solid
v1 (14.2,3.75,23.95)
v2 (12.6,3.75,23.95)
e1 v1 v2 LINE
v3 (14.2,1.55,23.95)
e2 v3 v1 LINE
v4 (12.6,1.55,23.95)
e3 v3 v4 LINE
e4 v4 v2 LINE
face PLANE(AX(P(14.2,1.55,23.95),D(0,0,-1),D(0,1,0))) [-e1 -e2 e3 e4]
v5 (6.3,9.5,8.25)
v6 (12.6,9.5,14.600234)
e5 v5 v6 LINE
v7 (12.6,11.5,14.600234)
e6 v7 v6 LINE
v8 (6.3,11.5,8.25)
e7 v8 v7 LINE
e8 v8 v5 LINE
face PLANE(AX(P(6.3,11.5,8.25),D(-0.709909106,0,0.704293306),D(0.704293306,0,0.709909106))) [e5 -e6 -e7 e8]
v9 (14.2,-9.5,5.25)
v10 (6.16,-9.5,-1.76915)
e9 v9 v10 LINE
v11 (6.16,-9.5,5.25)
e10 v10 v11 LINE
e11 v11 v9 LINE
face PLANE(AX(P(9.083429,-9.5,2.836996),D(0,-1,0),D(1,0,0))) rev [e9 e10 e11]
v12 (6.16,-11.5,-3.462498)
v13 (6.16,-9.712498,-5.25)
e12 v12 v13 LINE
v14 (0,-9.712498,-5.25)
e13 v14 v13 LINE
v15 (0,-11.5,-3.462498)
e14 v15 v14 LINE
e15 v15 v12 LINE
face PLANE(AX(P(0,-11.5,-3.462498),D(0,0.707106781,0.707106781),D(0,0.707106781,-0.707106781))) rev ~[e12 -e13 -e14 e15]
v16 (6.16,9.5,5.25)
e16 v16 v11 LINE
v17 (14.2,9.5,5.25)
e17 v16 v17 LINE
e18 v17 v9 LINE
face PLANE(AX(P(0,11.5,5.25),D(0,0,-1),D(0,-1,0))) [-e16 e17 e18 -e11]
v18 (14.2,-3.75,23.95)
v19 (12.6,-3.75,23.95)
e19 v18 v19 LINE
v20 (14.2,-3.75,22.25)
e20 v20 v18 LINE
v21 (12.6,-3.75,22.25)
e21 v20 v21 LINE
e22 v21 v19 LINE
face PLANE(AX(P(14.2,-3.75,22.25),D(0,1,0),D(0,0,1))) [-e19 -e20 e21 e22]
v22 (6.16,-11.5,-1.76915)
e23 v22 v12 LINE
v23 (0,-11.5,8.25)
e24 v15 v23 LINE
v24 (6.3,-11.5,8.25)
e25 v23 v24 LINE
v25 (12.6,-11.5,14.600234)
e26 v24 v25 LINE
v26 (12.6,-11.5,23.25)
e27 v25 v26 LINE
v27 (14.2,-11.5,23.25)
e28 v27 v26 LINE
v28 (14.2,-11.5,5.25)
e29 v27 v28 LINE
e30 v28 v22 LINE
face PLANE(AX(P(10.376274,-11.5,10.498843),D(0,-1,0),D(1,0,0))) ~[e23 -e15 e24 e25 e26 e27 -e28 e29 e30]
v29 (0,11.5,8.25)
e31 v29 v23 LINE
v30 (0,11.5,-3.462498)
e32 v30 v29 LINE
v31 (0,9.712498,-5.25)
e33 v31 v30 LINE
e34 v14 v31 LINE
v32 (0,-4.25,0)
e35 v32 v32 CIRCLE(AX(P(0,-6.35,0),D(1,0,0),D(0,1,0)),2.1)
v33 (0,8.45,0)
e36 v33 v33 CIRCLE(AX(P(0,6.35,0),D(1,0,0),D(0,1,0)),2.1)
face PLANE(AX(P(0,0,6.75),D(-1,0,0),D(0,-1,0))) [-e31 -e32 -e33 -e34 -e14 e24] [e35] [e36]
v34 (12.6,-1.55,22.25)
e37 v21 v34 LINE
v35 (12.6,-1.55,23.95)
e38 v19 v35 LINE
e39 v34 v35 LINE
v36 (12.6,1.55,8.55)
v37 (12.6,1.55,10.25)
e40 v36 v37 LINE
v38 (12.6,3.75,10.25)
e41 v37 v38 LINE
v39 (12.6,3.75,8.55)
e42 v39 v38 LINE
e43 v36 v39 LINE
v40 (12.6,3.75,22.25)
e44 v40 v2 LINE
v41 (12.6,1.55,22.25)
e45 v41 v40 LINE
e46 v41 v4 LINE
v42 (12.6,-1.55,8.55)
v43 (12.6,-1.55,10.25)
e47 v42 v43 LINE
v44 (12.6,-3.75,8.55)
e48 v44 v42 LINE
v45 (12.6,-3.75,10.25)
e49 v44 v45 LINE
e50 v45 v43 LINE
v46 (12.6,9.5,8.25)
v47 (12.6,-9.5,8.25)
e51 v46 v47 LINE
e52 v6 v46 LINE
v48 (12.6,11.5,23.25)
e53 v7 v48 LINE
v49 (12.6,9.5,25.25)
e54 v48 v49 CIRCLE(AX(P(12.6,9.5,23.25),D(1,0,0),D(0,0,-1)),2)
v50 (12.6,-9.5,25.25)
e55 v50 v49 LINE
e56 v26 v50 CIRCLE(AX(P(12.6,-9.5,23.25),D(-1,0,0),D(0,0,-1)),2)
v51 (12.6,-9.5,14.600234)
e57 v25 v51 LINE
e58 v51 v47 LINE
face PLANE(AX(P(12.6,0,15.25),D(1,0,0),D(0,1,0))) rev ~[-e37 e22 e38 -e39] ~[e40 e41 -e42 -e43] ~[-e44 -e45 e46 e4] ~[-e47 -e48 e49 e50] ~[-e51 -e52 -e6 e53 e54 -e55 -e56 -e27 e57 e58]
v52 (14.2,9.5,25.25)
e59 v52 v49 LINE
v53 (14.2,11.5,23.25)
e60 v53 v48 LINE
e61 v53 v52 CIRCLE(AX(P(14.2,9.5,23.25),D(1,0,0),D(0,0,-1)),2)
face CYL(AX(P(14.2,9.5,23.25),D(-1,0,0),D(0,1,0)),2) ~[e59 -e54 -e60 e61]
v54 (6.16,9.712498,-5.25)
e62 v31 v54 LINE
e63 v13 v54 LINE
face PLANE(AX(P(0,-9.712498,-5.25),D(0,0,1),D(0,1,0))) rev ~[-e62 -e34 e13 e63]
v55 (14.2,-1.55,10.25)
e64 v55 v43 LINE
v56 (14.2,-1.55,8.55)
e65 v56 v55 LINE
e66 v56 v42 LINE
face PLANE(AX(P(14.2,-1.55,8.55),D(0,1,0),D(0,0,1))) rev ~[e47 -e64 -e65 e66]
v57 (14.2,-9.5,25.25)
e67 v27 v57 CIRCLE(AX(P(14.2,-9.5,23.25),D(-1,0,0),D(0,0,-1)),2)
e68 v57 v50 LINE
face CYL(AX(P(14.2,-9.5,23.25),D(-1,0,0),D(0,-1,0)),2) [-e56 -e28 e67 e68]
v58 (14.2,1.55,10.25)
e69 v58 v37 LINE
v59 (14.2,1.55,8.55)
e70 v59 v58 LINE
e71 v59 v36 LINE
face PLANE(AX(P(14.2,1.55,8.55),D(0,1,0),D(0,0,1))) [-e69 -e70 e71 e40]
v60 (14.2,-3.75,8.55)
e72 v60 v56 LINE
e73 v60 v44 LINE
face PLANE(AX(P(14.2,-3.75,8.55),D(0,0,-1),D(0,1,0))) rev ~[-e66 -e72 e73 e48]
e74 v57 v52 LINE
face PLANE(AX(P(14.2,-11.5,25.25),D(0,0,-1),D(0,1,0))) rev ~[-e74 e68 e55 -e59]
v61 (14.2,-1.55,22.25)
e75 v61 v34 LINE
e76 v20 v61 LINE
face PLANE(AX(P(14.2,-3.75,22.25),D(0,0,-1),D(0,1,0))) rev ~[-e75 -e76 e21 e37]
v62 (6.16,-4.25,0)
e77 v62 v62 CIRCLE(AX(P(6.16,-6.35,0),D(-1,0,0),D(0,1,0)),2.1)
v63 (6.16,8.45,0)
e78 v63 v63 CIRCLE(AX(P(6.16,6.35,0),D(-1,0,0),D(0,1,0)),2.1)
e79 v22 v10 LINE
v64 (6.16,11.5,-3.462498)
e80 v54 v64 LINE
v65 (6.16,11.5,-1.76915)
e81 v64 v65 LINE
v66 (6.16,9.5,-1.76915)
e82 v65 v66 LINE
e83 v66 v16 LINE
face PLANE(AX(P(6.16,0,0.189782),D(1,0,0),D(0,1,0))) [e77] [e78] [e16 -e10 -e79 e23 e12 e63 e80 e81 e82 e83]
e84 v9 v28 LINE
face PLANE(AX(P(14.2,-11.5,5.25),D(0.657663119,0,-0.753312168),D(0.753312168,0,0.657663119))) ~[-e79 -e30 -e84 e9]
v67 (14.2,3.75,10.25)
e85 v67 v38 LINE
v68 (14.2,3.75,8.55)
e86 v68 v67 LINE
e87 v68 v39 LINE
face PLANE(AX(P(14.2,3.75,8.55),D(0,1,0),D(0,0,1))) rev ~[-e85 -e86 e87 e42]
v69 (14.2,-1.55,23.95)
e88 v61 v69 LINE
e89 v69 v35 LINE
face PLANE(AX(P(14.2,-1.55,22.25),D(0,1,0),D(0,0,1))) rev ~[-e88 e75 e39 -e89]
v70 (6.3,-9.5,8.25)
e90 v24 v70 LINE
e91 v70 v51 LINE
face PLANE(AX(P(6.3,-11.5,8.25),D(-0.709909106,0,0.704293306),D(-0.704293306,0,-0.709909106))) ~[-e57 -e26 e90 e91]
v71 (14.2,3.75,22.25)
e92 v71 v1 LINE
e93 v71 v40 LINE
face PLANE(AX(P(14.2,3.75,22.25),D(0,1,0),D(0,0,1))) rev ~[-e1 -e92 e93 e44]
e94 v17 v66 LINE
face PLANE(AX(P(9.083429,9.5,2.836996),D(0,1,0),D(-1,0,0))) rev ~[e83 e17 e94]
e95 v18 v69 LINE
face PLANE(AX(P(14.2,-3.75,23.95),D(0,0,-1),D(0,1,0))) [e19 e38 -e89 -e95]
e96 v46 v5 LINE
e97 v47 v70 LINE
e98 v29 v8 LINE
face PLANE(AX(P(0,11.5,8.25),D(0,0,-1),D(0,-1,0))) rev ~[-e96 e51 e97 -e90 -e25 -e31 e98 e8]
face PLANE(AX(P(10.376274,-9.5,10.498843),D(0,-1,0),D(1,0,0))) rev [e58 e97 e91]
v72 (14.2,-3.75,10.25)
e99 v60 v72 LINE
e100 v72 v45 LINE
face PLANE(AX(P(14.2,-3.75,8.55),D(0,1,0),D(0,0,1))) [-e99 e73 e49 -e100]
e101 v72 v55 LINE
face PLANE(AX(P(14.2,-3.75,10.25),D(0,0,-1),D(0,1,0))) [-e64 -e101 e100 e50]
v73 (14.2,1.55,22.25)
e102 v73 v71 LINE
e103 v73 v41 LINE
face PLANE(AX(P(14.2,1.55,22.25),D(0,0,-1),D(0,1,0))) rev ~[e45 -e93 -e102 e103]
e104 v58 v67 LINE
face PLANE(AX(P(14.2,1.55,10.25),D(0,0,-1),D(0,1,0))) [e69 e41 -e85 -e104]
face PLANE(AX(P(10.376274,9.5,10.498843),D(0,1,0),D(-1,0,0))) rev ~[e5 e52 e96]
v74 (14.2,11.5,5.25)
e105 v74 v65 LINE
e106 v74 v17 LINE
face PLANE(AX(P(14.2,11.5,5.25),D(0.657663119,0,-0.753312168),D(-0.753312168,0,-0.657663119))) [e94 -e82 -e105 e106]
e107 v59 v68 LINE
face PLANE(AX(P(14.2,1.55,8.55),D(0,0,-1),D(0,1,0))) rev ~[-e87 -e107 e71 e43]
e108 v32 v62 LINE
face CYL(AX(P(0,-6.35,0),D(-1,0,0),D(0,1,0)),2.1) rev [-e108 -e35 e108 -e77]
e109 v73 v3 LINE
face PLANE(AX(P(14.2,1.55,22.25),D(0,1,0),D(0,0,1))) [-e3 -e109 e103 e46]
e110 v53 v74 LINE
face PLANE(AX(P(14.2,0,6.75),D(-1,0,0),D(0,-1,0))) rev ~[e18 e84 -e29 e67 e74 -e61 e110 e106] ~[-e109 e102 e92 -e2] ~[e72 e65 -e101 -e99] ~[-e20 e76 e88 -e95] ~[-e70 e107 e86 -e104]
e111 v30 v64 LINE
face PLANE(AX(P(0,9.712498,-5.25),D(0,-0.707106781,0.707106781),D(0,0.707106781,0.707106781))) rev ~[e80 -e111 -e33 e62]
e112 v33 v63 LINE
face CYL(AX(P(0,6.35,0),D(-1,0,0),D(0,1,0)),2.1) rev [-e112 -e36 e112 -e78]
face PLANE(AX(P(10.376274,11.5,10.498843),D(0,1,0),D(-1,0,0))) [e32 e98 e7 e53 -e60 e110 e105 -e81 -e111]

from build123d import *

# Parameters (mm, degrees)
F0_R     = 2.1
F1_DEPTH = 6.16
F2_W     = 23
F2_H     = 3
F3_DEPTH = 14.2
F4_W     = 23
F4_H     = 20
F4_W_2   = 2.2
F4_H_2   = 1.7
F5_DEPTH = 1.6
F8_DEPTH = 2
F12_R    = 2


with BuildPart() as f1:
    # F0 (on Right) → F1 (new body)
    with BuildSketch(Plane.YZ):
        Polygon((-9.7124977037, -5.25), (9.7124977037, -5.25), (11.5, -3.4624977037), (11.5, 3.4624977037), (11.5, 5.25), (9.7124977037, 5.25), (-9.7124977037, 5.25), (-11.5, 5.25), (-11.5, 3.4624977037), (-11.5, -3.4624977037), align=None)
        with Locations((-6.35, 0)):
            Circle(F0_R, mode=Mode.SUBTRACT)
        with Locations((6.35, 0)):
            Circle(F0_R, mode=Mode.SUBTRACT)
    extrude(amount=F1_DEPTH)

    # F2 (on face) → F3 (join)
    with BuildSketch(Plane(origin=(0, 0, 0), x_dir=(0, -1, 0), z_dir=(-1, 0, 0))):
        with Locations((0, 6.75)):
            Rectangle(F2_W, F2_H)
    extrude(amount=-F3_DEPTH)

    # F4 (on face) → F5 (join)
    with BuildSketch(Plane.YZ.offset(14.2)):
        with Locations((0, 15.25)):
            Rectangle(F4_W, F4_H)
        with Locations((-2.65, 9.4)):
            Rectangle(F4_W_2, F4_H_2, mode=Mode.SUBTRACT)
        with Locations((2.65, 9.4)):
            Rectangle(F4_W_2, F4_H_2, mode=Mode.SUBTRACT)
        with Locations((-2.65, 23.1)):
            Rectangle(F4_W_2, F4_H_2, mode=Mode.SUBTRACT)
        with Locations((2.65, 23.1)):
            Rectangle(F4_W_2, F4_H_2, mode=Mode.SUBTRACT)
    extrude(amount=-F5_DEPTH)

    # F6: union 

    # F7 (on face) → F8 (join)
    with BuildSketch(Plane(origin=(0, 11.5, 0), x_dir=(-1, 0, 0), z_dir=(0, 1, 0))):
        Polygon((-6.3, 8.25), (-12.6, 14.6002341062), (-12.6, 8.25), align=None)
        Polygon((-6.16, 5.25), (-14.2, 5.25), (-6.16, -1.7691504909), align=None)
    extrude(amount=-F8_DEPTH)

    # F10: F1 across plane


with BuildPart() as f1_1:
    add(f1.part)
    add(f1.part.mirror(Plane.XZ))

    # F11: F1 across plane


with BuildPart() as f1_2:
    add(f1_1.part)
    add(f1_1.part.mirror(Plane.XZ))

    # F12
    f12_edges = [f1_2.edges().sort_by_distance(p)[0] for p in [
        (13.4, 11.5, 25.25),
        (13.4, -11.5, 25.25),
    ]]
    fillet(f12_edges, radius=F12_R)


solid = f1_2.part
